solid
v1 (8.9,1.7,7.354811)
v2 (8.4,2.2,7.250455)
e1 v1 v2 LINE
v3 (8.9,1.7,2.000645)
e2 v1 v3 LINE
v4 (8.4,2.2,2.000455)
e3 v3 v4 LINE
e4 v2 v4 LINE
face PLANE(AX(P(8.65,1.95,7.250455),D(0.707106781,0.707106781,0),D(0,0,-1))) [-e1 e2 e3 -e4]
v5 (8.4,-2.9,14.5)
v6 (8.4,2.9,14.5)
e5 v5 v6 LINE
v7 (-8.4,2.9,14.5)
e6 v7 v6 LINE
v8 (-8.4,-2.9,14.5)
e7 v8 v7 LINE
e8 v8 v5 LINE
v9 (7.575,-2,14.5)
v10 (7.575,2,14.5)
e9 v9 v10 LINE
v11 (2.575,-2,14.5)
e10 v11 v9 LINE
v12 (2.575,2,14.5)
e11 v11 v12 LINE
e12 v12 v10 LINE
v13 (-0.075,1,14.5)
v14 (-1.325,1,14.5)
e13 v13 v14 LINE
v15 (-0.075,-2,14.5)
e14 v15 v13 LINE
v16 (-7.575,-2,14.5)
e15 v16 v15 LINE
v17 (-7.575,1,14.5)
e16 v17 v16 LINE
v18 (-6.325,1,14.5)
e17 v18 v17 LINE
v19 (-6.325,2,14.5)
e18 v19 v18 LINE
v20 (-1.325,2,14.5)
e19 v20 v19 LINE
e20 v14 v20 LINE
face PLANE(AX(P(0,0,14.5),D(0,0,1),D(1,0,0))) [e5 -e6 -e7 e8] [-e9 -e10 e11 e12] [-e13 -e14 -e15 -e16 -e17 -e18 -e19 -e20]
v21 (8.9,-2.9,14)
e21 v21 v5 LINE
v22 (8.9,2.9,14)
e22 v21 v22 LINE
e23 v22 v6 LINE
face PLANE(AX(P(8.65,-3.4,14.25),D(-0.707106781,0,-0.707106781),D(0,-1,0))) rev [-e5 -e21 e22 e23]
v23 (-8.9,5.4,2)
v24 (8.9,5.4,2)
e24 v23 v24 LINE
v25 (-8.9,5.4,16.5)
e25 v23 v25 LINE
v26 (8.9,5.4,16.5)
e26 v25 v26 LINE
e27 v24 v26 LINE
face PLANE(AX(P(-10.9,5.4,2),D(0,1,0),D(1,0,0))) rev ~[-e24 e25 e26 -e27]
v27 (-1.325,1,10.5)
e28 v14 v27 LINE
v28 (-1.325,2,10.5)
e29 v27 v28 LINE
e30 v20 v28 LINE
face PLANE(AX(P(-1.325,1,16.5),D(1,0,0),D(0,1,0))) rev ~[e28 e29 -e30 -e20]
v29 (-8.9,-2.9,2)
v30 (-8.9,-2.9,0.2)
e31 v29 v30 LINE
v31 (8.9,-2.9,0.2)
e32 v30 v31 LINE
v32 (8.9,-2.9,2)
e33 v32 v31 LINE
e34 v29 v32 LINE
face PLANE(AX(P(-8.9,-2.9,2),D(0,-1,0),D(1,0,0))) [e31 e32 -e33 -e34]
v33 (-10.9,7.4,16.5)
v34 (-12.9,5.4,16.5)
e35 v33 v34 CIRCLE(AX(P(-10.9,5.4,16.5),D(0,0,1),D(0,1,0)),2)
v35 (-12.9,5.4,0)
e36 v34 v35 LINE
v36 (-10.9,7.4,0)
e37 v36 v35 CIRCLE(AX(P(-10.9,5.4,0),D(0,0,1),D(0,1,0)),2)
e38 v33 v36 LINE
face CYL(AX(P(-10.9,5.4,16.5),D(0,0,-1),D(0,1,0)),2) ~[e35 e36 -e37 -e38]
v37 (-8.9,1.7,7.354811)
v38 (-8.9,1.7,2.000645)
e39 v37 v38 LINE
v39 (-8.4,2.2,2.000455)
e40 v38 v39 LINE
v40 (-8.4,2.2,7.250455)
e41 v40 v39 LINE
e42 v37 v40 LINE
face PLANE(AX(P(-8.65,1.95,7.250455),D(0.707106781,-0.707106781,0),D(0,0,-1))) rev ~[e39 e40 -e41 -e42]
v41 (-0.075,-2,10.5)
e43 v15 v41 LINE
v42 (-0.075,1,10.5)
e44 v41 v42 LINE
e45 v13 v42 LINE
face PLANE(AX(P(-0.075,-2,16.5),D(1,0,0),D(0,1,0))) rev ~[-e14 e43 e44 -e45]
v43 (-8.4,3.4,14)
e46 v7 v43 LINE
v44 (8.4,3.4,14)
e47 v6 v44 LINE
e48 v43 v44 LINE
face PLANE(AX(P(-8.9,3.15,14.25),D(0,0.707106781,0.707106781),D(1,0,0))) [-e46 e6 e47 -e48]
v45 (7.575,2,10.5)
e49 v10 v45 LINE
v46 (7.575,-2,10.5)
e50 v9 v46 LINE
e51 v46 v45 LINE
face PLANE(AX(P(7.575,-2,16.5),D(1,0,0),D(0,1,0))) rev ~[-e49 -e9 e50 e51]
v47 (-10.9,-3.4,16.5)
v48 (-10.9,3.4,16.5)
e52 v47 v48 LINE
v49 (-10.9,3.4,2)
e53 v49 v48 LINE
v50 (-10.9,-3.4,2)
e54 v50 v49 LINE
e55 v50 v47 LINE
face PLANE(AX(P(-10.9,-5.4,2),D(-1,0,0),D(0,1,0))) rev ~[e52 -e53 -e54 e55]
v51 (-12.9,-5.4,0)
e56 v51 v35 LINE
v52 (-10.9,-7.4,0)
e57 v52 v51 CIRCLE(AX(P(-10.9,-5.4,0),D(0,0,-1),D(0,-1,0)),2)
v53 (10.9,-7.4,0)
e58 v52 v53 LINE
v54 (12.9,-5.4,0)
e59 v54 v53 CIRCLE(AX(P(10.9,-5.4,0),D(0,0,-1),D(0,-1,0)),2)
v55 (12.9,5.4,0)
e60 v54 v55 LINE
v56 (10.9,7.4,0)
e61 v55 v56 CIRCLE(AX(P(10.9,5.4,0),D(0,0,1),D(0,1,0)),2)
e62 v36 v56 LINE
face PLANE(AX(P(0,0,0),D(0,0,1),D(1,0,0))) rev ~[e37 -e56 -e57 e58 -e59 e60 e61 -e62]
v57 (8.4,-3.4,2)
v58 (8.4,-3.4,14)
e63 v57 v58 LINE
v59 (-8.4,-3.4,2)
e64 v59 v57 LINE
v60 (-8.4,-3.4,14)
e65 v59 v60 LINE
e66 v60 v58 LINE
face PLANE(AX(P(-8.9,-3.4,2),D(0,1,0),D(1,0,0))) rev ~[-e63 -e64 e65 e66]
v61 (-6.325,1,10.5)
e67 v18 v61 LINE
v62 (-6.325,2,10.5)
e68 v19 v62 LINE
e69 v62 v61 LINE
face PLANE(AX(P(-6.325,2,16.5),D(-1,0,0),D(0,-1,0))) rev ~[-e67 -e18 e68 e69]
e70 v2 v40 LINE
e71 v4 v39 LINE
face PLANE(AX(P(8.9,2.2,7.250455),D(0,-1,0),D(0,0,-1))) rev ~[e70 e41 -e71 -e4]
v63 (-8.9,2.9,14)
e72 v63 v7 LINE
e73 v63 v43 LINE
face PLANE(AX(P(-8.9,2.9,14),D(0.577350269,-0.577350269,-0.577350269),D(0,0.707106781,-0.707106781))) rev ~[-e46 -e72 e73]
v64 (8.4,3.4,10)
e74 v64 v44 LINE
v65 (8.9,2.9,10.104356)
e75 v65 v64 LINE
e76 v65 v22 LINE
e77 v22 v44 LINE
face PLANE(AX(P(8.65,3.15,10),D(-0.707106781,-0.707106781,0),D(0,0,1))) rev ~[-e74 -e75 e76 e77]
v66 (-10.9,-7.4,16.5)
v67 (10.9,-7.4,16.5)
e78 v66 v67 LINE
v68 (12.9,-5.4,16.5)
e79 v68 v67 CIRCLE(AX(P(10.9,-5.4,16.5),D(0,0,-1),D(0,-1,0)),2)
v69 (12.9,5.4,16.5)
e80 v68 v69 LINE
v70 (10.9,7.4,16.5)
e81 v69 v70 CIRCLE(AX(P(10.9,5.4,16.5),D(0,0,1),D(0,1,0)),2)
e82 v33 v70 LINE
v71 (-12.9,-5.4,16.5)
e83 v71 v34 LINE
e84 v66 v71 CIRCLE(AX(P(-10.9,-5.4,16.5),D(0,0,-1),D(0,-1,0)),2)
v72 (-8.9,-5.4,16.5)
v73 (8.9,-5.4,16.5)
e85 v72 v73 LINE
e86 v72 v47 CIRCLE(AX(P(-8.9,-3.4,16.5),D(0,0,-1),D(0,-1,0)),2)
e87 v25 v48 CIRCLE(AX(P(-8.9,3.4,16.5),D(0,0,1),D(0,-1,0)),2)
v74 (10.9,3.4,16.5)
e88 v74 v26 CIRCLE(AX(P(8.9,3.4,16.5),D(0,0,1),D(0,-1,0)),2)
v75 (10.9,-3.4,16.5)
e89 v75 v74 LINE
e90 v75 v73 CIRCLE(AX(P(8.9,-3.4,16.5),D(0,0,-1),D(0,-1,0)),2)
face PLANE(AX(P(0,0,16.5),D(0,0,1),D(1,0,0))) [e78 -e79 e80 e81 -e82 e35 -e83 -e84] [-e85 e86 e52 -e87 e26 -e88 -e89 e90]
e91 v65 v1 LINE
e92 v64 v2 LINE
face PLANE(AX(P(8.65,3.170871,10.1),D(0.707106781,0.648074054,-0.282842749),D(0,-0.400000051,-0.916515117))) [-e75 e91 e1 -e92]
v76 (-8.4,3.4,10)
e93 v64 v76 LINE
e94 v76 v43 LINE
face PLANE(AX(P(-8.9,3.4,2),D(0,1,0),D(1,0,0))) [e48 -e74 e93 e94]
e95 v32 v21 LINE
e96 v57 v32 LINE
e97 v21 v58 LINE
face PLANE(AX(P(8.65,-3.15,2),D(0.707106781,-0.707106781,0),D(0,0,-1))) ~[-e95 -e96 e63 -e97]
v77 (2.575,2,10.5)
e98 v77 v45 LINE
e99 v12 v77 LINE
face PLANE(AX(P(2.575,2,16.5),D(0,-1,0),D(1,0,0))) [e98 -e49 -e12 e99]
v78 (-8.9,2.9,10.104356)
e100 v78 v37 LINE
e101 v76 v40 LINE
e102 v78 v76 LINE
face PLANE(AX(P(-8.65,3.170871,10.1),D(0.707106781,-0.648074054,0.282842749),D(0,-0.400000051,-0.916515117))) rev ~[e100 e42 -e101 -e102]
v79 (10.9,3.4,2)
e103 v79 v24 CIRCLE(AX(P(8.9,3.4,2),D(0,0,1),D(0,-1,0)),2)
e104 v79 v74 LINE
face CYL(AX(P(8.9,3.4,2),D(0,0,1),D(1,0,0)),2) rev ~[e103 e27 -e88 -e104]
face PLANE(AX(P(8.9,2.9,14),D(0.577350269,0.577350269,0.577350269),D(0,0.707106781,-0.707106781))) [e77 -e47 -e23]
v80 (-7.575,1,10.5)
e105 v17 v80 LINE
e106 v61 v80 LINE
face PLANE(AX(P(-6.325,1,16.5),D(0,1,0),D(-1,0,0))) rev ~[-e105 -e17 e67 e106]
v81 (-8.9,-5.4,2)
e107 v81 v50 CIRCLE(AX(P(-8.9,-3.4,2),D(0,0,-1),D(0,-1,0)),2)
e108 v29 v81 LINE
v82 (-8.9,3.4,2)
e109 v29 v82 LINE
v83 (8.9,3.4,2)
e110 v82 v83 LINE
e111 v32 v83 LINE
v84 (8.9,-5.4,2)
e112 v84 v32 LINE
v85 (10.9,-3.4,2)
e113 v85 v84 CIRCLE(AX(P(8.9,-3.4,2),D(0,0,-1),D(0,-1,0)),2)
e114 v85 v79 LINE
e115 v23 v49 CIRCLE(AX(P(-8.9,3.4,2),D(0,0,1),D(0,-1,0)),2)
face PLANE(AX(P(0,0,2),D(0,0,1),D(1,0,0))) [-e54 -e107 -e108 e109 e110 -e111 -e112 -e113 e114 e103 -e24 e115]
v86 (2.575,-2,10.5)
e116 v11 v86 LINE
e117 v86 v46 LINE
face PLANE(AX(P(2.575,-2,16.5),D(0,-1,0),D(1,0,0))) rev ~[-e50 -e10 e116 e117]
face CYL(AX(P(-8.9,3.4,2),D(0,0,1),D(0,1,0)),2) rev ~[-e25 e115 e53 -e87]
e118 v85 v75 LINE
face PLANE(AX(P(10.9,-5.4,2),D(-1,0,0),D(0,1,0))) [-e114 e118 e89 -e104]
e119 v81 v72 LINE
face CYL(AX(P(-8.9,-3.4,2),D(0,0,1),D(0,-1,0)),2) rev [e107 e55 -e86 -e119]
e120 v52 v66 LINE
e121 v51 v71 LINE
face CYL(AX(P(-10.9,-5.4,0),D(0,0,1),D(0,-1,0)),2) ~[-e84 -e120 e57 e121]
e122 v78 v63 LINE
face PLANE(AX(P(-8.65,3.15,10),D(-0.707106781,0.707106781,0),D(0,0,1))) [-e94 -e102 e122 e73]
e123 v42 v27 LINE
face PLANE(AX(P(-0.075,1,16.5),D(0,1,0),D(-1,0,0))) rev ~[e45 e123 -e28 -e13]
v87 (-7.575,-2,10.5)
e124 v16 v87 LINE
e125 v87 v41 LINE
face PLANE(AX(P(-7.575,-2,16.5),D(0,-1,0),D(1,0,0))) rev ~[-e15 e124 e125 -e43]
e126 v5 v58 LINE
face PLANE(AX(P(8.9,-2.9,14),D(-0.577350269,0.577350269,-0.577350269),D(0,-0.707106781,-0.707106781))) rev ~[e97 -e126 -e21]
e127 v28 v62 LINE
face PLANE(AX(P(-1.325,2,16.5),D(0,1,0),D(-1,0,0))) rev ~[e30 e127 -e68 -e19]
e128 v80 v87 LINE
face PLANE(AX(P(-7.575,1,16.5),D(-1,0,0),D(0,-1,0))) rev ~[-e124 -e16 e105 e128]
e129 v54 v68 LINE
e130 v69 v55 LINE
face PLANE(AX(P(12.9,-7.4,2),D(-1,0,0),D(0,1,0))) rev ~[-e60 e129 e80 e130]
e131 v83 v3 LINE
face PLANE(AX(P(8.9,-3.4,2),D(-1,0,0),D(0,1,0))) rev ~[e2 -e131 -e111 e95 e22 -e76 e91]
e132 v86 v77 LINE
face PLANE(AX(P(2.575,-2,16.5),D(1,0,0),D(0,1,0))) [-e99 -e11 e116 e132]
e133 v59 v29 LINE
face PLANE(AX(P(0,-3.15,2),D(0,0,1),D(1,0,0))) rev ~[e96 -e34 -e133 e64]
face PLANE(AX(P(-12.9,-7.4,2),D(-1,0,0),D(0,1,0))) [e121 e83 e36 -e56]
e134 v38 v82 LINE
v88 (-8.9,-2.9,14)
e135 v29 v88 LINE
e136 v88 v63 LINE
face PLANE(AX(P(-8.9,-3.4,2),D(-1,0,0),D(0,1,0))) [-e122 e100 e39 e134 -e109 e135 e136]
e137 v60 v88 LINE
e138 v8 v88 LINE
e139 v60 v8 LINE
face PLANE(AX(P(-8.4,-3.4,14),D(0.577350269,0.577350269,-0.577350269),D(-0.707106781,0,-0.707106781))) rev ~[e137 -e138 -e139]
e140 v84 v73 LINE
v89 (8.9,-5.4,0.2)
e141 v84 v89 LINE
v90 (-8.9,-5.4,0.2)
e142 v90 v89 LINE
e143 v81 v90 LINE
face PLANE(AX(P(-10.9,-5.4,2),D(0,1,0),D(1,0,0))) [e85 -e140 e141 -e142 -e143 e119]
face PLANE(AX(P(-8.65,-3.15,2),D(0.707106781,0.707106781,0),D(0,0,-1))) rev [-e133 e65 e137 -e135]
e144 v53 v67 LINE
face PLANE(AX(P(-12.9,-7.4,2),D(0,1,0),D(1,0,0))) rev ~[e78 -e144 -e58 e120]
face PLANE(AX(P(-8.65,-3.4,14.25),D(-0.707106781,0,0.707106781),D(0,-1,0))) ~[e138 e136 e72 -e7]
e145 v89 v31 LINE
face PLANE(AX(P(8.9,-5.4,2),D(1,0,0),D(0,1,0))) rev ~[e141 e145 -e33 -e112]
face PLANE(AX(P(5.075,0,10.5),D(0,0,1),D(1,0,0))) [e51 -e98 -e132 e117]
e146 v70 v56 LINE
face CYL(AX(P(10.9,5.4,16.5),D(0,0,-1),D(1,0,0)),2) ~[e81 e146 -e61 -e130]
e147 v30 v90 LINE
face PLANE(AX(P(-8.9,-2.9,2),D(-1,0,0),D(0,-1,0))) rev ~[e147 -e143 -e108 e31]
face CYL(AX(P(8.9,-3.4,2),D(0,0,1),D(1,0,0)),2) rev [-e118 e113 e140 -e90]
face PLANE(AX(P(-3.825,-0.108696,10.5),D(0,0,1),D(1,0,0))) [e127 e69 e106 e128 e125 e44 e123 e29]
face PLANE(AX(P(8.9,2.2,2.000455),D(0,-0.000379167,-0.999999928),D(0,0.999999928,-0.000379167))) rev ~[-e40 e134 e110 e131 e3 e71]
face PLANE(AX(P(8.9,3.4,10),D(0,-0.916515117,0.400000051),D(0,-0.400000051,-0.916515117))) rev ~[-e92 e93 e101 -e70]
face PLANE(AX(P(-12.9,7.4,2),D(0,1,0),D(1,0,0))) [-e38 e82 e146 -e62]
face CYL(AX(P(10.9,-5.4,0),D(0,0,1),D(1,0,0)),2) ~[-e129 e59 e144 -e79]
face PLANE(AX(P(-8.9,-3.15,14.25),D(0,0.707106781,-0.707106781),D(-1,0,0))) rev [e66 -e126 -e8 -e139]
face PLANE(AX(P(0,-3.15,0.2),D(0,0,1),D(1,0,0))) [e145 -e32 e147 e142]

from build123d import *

# Parameters (mm, degrees)
F0_W      = 25.8
F0_H      = 14.8
F1_DEPTH  = 2
F2_W      = 25.8
F2_H      = 14.8
F2_W_2    = 21.8
F2_H_2    = 10.8
F3_DEPTH  = 14.5
F4_W      = 17.8
F4_H      = 6.8
F5_DEPTH  = 12.5
F7_DEPTH  = 17.8
F8_SIZE   = 0.5
F9_R      = 2
F10_W     = 5
F10_H     = 4
F11_DEPTH = 6
F12_W     = 17.8
F12_H     = 0.5
F12_H_2   = 2
F13_DEPTH = 1.8


with BuildPart() as f1:
    # F0 (on Top) → F1 (new body)
    with BuildSketch(Plane.XY):
        Rectangle(F0_W, F0_H)
    extrude(amount=F1_DEPTH)

    # F2 (on face) → F3 (join)
    with BuildSketch(Plane.XY.offset(2)):
        Rectangle(F2_W, F2_H)
        Rectangle(F2_W_2, F2_H_2, mode=Mode.SUBTRACT)
    extrude(amount=F3_DEPTH)

    # F4 (on face) → F5 (join)
    with BuildSketch(Plane.XY.offset(2)):
        Rectangle(F4_W, F4_H)
    extrude(amount=F5_DEPTH)

    # F6 (on face) → F7 (cut)
    with BuildSketch(Plane.YZ.offset(8.9)):
        Polygon((2.2, 2.000455), (3.4, 2), (3.4, 10), (2.2, 7.250455), align=None)
    extrude(amount=-F7_DEPTH, mode=Mode.SUBTRACT)

    # F8
    f8_edges = [f1.edges().sort_by_distance(p)[0] for p in [
        (0, 3.4, 14.5),
        (-8.9, 0, 14.5),
        (0, -3.4, 14.5),
        (8.9, 0, 14.5),
        (-8.9, -3.4, 8.25),
        (8.9, -3.4, 8.25),
        (8.9, 3.4, 12.25),
        (-8.9, 3.4, 12.25),
        (-8.9, 2.2, 4.625455),
        (-8.9, 2.8, 8.625227),
        (8.9, 2.2, 4.625455),
        (8.9, 2.8, 8.625227),
    ]]
    chamfer(f8_edges, length=F8_SIZE)

    # F9
    f9_edges = [f1.edges().sort_by_distance(p)[0] for p in [
        (-12.9, 7.4, 8.25),
        (12.9, 7.4, 8.25),
        (10.9, 5.4, 9.25),
        (-10.9, 5.4, 9.25),
        (10.9, -5.4, 9.25),
        (-10.9, -5.4, 9.25),
        (-12.9, -7.4, 8.25),
        (12.9, -7.4, 8.25),
    ]]
    fillet(f9_edges, radius=F9_R)

    # F10 (on face) → F11 (cut)
    with BuildSketch(Plane.XY.offset(16.5)):
        Polygon((-7.575, 1), (-7.575, -2), (-0.075, -2), (-0.075, 1), (-1.325, 1), (-1.325, 2), (-6.325, 2), (-6.325, 1), align=None)
        with Locations((5.075, 0)):
            Rectangle(F10_W, F10_H)
    extrude(amount=-F11_DEPTH, mode=Mode.SUBTRACT)

    # F12 (on face) → F13 (cut)
    with BuildSketch(Plane.XY.offset(2)):
        with Locations((0, -3.15)):
            Rectangle(F12_W, F12_H)
        with Locations((0, -4.4)):
            Rectangle(F12_W, F12_H_2)
    extrude(amount=-F13_DEPTH, mode=Mode.SUBTRACT)


solid = f1.part
